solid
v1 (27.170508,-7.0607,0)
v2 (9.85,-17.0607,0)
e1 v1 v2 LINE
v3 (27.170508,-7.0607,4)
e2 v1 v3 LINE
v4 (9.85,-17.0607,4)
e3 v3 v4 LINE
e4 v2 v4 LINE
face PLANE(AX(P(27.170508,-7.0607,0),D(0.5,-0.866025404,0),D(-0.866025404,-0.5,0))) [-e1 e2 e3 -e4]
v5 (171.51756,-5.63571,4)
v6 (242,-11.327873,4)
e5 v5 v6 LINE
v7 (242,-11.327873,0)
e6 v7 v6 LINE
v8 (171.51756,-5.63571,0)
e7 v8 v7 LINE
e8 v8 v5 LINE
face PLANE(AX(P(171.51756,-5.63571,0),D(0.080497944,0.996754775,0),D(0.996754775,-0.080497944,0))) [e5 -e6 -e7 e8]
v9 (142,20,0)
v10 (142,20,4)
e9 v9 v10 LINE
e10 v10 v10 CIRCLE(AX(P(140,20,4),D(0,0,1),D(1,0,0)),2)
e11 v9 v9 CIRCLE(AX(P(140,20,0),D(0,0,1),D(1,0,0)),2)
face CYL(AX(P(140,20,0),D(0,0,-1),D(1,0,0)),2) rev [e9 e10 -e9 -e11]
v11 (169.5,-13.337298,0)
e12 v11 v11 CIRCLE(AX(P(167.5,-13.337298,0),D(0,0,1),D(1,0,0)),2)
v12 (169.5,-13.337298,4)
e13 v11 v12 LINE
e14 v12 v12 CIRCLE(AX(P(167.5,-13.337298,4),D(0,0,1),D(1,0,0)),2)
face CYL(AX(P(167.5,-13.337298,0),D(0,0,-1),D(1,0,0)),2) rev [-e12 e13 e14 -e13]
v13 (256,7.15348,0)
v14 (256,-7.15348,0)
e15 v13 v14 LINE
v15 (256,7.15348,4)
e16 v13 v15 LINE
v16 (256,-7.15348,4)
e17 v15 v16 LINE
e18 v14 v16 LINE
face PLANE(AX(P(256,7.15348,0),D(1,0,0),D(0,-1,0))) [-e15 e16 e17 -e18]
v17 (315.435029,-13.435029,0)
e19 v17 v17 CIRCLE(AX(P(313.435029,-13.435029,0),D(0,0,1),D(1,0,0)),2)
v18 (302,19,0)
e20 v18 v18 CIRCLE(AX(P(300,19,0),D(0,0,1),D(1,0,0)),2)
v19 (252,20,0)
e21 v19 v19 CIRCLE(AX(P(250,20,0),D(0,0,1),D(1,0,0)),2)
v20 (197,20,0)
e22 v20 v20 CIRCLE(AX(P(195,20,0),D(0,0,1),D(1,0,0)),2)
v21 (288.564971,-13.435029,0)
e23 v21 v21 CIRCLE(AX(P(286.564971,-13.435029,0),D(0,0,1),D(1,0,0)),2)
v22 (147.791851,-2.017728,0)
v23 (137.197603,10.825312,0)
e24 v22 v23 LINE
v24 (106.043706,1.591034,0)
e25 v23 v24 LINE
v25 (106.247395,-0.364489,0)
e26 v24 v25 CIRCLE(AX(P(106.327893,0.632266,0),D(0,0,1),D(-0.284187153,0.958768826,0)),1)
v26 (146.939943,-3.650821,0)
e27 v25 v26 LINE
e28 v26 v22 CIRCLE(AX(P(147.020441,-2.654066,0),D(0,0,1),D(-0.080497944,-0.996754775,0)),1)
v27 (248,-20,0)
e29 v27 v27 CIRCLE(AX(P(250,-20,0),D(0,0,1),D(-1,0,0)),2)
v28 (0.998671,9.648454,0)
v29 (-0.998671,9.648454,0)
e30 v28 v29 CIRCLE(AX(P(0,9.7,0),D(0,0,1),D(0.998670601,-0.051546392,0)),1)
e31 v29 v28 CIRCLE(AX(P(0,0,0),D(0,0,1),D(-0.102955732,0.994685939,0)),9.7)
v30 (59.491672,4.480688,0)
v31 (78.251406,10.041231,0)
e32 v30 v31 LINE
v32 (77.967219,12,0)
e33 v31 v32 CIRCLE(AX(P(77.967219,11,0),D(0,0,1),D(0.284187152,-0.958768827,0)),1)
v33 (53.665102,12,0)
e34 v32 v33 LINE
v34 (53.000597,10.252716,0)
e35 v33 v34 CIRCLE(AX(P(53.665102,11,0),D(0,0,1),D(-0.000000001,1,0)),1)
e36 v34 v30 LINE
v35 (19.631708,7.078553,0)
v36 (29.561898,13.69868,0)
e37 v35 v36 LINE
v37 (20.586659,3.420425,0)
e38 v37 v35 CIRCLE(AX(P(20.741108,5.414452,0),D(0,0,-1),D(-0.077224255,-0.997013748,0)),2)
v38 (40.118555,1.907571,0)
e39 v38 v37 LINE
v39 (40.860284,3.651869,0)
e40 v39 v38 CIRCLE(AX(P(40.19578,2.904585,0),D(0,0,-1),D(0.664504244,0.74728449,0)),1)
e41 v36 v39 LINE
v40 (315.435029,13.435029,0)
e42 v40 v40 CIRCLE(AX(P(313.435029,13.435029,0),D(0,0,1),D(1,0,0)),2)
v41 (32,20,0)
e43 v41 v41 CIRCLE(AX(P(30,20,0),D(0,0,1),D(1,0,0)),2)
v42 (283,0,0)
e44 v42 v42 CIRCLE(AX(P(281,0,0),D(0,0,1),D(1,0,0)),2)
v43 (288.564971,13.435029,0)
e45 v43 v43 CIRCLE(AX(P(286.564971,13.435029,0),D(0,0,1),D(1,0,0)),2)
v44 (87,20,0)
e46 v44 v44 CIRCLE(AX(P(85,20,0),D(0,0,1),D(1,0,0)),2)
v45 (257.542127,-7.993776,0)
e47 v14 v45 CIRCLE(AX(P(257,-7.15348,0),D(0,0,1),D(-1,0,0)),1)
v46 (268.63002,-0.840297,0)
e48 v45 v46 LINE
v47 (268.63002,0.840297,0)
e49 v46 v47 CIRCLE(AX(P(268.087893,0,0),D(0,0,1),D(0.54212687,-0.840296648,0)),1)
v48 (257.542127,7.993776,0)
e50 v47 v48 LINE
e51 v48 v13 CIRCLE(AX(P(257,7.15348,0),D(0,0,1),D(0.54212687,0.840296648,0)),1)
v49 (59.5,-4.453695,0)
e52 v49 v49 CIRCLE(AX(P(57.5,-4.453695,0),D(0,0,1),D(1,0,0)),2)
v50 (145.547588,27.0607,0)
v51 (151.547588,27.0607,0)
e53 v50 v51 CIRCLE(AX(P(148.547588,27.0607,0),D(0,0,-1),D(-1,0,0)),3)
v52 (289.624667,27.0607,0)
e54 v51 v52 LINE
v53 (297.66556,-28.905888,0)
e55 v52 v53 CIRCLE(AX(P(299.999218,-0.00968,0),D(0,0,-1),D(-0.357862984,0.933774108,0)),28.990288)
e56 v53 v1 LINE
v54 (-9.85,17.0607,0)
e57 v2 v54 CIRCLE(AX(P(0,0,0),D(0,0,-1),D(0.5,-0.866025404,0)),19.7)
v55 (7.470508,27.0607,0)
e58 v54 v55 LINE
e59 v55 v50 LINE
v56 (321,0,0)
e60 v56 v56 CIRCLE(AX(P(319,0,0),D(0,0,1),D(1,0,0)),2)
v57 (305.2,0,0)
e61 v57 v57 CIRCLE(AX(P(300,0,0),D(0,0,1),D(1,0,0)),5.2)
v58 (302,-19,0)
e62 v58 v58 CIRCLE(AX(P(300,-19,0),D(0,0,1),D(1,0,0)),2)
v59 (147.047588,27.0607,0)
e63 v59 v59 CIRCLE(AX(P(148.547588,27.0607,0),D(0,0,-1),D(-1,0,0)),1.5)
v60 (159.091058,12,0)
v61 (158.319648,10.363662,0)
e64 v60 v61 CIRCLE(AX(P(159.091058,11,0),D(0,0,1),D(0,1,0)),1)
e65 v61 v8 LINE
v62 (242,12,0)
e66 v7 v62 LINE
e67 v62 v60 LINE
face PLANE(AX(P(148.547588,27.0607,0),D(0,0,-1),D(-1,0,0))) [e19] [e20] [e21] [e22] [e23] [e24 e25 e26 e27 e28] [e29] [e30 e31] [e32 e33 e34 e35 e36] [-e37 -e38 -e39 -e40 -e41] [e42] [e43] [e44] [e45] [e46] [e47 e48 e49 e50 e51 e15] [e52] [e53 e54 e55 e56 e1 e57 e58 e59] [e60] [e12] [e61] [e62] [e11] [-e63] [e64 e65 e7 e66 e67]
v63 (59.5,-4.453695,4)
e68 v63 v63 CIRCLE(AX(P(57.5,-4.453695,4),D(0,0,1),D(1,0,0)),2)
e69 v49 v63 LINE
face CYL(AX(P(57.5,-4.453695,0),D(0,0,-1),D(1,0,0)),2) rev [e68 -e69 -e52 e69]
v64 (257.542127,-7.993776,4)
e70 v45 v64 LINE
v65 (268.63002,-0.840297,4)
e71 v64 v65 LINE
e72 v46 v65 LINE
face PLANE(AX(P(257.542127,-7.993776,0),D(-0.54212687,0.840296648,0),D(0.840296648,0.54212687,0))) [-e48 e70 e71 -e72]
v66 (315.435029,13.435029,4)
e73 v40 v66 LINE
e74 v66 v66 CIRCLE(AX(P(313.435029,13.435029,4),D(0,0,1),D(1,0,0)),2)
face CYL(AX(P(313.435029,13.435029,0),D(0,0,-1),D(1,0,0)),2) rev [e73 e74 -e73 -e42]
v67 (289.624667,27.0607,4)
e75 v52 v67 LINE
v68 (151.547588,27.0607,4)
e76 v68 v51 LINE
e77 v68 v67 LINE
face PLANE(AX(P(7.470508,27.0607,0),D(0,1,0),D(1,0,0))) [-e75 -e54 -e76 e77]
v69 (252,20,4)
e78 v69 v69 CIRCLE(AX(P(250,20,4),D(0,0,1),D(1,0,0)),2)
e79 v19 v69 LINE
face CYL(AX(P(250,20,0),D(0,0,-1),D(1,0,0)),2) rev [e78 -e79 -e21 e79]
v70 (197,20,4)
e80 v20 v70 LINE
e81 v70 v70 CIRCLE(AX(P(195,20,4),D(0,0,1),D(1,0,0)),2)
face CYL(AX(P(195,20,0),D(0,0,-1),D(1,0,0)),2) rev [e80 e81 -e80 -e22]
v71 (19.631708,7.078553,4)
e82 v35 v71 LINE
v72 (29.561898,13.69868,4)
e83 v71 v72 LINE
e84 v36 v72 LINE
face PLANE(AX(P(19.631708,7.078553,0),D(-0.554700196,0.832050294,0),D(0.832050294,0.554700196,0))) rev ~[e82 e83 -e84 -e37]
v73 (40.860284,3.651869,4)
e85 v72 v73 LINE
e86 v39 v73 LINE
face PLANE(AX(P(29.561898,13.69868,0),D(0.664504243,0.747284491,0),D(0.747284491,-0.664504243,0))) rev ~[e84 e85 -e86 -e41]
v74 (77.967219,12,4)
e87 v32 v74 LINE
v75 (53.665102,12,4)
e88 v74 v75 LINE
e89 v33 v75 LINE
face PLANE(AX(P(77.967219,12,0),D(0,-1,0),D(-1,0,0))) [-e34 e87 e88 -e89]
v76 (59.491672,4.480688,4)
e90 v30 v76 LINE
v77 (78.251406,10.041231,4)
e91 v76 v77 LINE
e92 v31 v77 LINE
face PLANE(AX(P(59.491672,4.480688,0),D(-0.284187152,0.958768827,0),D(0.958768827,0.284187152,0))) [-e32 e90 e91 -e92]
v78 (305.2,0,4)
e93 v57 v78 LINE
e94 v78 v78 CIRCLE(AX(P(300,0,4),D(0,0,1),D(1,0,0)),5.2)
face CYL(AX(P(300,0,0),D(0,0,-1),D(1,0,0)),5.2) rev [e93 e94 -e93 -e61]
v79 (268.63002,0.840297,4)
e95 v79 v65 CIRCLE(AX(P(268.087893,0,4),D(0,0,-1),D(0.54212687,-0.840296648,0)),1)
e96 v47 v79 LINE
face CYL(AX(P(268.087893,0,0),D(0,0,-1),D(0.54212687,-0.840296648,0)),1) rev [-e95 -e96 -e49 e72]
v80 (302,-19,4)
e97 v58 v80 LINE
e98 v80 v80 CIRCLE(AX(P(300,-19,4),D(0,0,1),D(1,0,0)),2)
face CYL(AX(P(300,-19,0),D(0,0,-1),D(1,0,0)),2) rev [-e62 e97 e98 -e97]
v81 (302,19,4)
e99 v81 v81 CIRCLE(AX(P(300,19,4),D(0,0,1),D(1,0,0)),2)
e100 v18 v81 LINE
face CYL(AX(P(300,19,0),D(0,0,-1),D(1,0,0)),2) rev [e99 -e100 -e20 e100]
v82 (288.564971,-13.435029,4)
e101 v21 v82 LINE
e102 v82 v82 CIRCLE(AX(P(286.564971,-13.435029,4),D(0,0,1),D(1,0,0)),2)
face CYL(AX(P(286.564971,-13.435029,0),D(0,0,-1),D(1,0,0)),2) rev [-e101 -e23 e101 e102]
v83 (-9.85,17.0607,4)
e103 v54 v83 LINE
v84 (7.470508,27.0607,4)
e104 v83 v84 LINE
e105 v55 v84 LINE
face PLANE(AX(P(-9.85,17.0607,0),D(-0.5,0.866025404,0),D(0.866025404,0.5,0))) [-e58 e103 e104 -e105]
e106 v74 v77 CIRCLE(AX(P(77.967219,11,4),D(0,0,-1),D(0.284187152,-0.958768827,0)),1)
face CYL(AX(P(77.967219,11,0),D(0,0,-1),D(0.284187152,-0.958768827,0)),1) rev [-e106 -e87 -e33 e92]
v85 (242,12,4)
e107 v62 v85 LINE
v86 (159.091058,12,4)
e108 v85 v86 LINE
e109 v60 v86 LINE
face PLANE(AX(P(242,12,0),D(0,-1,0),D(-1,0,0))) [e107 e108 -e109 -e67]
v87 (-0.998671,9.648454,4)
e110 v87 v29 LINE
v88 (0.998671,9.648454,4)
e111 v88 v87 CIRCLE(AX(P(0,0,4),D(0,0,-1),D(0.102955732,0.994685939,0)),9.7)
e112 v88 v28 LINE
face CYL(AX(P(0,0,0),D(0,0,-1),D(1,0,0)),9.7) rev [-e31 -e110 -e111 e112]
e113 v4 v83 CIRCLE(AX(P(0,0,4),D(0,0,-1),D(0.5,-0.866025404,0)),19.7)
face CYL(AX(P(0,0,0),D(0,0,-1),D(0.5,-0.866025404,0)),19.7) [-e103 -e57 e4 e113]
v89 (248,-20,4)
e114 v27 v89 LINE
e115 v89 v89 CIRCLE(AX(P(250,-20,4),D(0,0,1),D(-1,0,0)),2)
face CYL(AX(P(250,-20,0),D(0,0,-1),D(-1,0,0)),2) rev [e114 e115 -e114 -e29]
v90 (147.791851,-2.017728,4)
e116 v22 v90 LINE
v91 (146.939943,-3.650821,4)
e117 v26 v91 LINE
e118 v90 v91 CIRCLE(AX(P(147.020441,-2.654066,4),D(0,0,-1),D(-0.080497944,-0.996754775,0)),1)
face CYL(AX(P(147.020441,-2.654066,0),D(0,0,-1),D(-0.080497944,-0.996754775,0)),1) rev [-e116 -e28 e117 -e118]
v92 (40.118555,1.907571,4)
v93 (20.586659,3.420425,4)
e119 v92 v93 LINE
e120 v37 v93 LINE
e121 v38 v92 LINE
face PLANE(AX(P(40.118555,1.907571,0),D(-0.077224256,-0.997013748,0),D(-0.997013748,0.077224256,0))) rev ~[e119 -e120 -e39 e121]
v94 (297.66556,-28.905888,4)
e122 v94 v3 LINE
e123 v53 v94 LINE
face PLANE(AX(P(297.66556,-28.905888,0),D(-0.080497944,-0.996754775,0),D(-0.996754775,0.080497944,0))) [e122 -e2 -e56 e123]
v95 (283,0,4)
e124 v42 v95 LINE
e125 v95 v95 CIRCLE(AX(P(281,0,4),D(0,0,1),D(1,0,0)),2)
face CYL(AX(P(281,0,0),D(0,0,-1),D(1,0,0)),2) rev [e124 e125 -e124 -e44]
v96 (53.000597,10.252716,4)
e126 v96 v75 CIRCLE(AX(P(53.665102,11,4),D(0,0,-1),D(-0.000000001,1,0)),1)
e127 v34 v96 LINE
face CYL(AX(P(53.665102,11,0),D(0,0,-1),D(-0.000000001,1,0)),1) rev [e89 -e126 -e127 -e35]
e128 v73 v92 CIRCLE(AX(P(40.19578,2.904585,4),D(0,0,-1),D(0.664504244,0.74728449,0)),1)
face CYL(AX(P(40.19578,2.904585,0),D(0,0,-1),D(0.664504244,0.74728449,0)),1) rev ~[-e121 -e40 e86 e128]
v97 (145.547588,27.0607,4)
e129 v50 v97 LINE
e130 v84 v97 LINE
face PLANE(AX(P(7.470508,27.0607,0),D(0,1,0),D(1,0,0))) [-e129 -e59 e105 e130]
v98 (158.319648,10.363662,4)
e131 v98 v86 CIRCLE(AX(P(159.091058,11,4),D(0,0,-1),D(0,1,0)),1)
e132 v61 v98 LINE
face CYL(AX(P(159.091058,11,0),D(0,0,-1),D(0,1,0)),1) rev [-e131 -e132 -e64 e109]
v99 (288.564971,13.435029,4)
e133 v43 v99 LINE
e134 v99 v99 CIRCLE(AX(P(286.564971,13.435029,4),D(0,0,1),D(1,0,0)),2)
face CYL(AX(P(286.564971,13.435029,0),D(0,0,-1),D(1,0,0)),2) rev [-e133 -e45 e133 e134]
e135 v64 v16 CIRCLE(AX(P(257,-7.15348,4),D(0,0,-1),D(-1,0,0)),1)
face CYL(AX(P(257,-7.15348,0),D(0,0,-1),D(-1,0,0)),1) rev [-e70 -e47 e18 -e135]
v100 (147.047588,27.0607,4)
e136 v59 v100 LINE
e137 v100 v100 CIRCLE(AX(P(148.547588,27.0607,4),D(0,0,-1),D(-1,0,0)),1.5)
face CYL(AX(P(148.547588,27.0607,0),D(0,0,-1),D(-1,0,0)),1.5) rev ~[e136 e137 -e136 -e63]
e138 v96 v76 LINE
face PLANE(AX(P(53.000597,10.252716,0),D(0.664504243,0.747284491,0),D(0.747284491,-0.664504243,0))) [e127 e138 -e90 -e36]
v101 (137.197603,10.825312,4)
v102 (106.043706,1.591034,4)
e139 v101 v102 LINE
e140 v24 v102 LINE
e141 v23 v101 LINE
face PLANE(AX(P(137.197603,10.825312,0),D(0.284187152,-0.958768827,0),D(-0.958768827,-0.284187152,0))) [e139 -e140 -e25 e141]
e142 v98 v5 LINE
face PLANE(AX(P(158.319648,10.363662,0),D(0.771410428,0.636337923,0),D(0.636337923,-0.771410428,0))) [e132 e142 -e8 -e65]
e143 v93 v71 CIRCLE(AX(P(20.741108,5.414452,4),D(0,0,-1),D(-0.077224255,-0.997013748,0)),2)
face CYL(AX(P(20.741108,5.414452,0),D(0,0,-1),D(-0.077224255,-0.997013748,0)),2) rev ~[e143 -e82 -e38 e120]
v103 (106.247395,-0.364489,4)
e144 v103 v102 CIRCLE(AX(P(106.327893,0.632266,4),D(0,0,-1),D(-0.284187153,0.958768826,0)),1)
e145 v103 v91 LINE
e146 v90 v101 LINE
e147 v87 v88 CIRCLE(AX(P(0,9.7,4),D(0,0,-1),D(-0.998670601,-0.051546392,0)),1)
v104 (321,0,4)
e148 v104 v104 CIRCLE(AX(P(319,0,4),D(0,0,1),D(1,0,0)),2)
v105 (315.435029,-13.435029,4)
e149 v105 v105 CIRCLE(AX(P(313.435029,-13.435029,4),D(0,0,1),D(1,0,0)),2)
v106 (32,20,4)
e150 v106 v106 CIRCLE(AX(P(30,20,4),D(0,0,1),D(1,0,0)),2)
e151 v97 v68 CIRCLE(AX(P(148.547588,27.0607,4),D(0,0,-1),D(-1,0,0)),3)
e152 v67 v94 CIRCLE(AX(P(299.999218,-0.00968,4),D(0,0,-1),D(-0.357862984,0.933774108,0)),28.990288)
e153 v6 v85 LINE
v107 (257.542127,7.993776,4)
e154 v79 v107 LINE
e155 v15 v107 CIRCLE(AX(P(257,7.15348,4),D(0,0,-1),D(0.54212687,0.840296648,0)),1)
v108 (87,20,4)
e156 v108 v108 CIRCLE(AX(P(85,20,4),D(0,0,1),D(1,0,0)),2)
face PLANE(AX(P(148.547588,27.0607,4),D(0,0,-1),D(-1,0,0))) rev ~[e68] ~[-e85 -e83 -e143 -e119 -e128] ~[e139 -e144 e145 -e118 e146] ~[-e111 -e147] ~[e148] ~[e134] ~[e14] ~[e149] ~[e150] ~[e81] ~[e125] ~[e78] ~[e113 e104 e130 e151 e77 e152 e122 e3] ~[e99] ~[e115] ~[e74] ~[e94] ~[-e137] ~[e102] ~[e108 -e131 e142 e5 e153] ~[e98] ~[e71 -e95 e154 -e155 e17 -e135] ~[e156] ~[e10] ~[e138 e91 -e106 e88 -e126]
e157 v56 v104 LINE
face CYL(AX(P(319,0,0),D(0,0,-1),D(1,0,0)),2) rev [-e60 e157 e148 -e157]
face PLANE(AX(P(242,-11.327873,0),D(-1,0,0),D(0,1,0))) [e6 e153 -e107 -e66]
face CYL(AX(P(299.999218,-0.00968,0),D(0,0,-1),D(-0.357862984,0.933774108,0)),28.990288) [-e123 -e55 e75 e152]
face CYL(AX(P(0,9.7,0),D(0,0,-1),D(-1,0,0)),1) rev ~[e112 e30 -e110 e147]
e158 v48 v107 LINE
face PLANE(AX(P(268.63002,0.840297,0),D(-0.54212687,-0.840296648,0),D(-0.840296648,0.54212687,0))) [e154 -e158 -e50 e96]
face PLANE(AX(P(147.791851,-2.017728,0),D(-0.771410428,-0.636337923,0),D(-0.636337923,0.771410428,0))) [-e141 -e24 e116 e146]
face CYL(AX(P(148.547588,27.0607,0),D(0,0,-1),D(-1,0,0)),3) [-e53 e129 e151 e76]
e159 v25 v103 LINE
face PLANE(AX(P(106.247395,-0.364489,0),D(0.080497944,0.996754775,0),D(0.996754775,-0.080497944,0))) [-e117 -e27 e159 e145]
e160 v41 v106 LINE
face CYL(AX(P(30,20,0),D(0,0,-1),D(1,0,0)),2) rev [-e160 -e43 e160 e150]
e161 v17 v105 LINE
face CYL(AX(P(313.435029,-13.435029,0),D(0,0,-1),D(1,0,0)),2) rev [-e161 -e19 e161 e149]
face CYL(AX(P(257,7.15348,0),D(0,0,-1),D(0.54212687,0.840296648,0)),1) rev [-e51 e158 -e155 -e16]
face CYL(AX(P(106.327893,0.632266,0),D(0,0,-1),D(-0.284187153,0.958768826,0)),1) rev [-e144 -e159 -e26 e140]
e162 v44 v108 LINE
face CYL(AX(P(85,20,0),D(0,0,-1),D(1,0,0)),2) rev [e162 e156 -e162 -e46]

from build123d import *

# Parameters (mm, degrees)
SKETCH_1_R          = 9.7
SKETCH_1_R_2        = 5.2
SKETCH_1_R_3        = 2
EXTRUDE_1_DEPTH     = 4
CUT_EXTRUDE_1_DEPTH = 10
SKETCH_3_R          = 3
EXTRUDE_2_DEPTH     = 4
SKETCH_4_R          = 1.5
CUT_EXTRUDE_2_DEPTH = 4
SKETCH_5_R          = 1
CUT_EXTRUDE_3_DEPTH = 10


with BuildPart() as part:
    # 草图1 → 凸台-拉伸1 (new body)
    with BuildSketch(Plane.XY):
        with BuildLine():
            Line((-9.85, 17.060700455), (7.470508076, 27.060700455))
            Line((7.470508076, 27.060700455), (289.624667154, 27.060700455))
            ThreePointArc((289.624667154, 27.060700455), (328.694852344, 4.11311011), (297.66555963, -28.905888469))
            Line((297.66555963, -28.905888469), (27.170508076, -7.060700455))
            Line((27.170508076, -7.060700455), (9.85, -17.060700455))
            ThreePointArc((9.85, -17.060700455), (-17.060700455, -9.85), (-9.85, 17.060700455))
        make_face()
        Circle(SKETCH_1_R, mode=Mode.SUBTRACT)
        with Locations((300, 0)):
            Circle(SKETCH_1_R_2, mode=Mode.SUBTRACT)
        with Locations((319, 0)):
            Circle(SKETCH_1_R_3, mode=Mode.SUBTRACT)
        with Locations((313.435028843, -13.435028843)):
            Circle(SKETCH_1_R_3, mode=Mode.SUBTRACT)
        with Locations((300, -19)):
            Circle(SKETCH_1_R_3, mode=Mode.SUBTRACT)
        with Locations((286.564971157, -13.435028843)):
            Circle(SKETCH_1_R_3, mode=Mode.SUBTRACT)
        with Locations((281, 0)):
            Circle(SKETCH_1_R_3, mode=Mode.SUBTRACT)
        with Locations((286.564971157, 13.435028843)):
            Circle(SKETCH_1_R_3, mode=Mode.SUBTRACT)
        with Locations((300, 19)):
            Circle(SKETCH_1_R_3, mode=Mode.SUBTRACT)
        with Locations((313.435028843, 13.435028843)):
            Circle(SKETCH_1_R_3, mode=Mode.SUBTRACT)
        with Locations((250, 20)):
            Circle(SKETCH_1_R_3, mode=Mode.SUBTRACT)
        with Locations((195, 20)):
            Circle(SKETCH_1_R_3, mode=Mode.SUBTRACT)
        with Locations((140, 20)):
            Circle(SKETCH_1_R_3, mode=Mode.SUBTRACT)
        with Locations((85, 20)):
            Circle(SKETCH_1_R_3, mode=Mode.SUBTRACT)
        with Locations((30, 20)):
            Circle(SKETCH_1_R_3, mode=Mode.SUBTRACT)
        with Locations(Location((250, -20, 0), (0, 0, 180))):
            Circle(SKETCH_1_R_3, mode=Mode.SUBTRACT)
        with Locations((167.5, -13.337297667)):
            Circle(SKETCH_1_R_3, mode=Mode.SUBTRACT)
        with Locations((57.5, -4.453694555)):
            Circle(SKETCH_1_R_3, mode=Mode.SUBTRACT)
    extrude(amount=EXTRUDE_1_DEPTH)

    # 草图2 → 切除-拉伸1 (cut)
    with BuildSketch(Plane(origin=(0, 0, 0), x_dir=(-1, 0, 0), z_dir=(0, 0, -1))):
        with BuildLine():
            Line((-137.197603441, 10.82531174), (-106.043706264, 1.591034337))
            ThreePointArc((-106.043706264, 1.591034337), (-105.333274422, 0.528665045), (-106.247395472, -0.364489265))
            Line((-106.247395472, -0.364489265), (-146.939942745, -3.650820533))
            ThreePointArc((-146.939942745, -3.650820533), (-147.907056702, -3.116572023), (-147.791851116, -2.017727835))
            Line((-147.791851116, -2.017727835), (-137.197603441, 10.82531174))
        make_face()
        with BuildLine():
            Line((-242, 12), (-159.091058121, 12))
            ThreePointArc((-159.091058121, 12), (-158.186531194, 11.426416508), (-158.319647694, 10.363662077))
            Line((-158.319647694, 10.363662077), (-171.517559676, -5.635709572))
            Line((-171.517559676, -5.635709572), (-242, -11.327873446))
            Line((-242, -11.327873446), (-242, 12))
        make_face()
        with BuildLine():
            Line((-77.967218715, 12), (-53.665101582, 12))
            ThreePointArc((-53.665101582, 12), (-52.730413268, 11.355468359), (-53.000597339, 10.252715509))
            Line((-53.000597339, 10.252715509), (-59.49167188, 4.480688084))
            Line((-59.49167188, 4.480688084), (-78.251405867, 10.041231173))
            ThreePointArc((-78.251405867, 10.041231173), (-78.956857242, 11.14358129), (-77.967218715, 12))
        make_face()
        with BuildLine():
            Line((-268.630020148, 0.840296648), (-257.54212687, 7.993776182))
            ThreePointArc((-257.54212687, 7.993776182), (-256.52152684, 8.031581712), (-256, 7.153479534))
            Line((-256, 7.153479534), (-256, -7.153479534))
            ThreePointArc((-256, -7.153479534), (-256.52152684, -8.031581712), (-257.54212687, -7.993776182))
            Line((-257.54212687, -7.993776182), (-268.630020148, -0.840296648))
            ThreePointArc((-268.630020148, -0.840296648), (-269.087893278, 0), (-268.630020148, 0.840296648))
        make_face()
        with BuildLine():
            Line((-19.631707517, 7.078552885), (-29.56189752, 13.698679554))
            Line((-29.56189752, 13.698679554), (-40.860283753, 3.651869157))
            ThreePointArc((-40.860283753, 3.651869157), (-41.116034111, 2.513264507), (-40.118555254, 1.907570918))
            Line((-40.118555254, 1.907570918), (-20.586659398, 3.4204248))
            ThreePointArc((-20.586659398, 3.4204248), (-18.805958358, 4.909282805), (-19.631707517, 7.078552885))
        make_face()
    extrude(amount=-CUT_EXTRUDE_1_DEPTH, mode=Mode.SUBTRACT)

    # 草图3 → 凸台-拉伸2 (add)
    with BuildSketch(Plane(origin=(0, 0, 0), x_dir=(-1, 0, 0), z_dir=(0, 0, -1))):
        with Locations((-148.547587615, 27.060700455)):
            Circle(SKETCH_3_R)
    extrude(amount=-EXTRUDE_2_DEPTH)

    # 草图4 → 切除-拉伸2 (cut)
    with BuildSketch(Plane(origin=(0, 0, 0), x_dir=(-1, 0, 0), z_dir=(0, 0, -1))):
        with Locations((-148.547587615, 27.060700455)):
            Circle(SKETCH_4_R)
    extrude(amount=-CUT_EXTRUDE_2_DEPTH, mode=Mode.SUBTRACT)

    # 草图5 → 切除-拉伸3 (cut)
    with BuildSketch(Plane(origin=(0, 0, 0), x_dir=(-1, 0, 0), z_dir=(0, 0, -1))):
        with Locations((0, 9.7)):
            Circle(SKETCH_5_R)
    extrude(amount=-CUT_EXTRUDE_3_DEPTH, mode=Mode.SUBTRACT)


solid = part.part
